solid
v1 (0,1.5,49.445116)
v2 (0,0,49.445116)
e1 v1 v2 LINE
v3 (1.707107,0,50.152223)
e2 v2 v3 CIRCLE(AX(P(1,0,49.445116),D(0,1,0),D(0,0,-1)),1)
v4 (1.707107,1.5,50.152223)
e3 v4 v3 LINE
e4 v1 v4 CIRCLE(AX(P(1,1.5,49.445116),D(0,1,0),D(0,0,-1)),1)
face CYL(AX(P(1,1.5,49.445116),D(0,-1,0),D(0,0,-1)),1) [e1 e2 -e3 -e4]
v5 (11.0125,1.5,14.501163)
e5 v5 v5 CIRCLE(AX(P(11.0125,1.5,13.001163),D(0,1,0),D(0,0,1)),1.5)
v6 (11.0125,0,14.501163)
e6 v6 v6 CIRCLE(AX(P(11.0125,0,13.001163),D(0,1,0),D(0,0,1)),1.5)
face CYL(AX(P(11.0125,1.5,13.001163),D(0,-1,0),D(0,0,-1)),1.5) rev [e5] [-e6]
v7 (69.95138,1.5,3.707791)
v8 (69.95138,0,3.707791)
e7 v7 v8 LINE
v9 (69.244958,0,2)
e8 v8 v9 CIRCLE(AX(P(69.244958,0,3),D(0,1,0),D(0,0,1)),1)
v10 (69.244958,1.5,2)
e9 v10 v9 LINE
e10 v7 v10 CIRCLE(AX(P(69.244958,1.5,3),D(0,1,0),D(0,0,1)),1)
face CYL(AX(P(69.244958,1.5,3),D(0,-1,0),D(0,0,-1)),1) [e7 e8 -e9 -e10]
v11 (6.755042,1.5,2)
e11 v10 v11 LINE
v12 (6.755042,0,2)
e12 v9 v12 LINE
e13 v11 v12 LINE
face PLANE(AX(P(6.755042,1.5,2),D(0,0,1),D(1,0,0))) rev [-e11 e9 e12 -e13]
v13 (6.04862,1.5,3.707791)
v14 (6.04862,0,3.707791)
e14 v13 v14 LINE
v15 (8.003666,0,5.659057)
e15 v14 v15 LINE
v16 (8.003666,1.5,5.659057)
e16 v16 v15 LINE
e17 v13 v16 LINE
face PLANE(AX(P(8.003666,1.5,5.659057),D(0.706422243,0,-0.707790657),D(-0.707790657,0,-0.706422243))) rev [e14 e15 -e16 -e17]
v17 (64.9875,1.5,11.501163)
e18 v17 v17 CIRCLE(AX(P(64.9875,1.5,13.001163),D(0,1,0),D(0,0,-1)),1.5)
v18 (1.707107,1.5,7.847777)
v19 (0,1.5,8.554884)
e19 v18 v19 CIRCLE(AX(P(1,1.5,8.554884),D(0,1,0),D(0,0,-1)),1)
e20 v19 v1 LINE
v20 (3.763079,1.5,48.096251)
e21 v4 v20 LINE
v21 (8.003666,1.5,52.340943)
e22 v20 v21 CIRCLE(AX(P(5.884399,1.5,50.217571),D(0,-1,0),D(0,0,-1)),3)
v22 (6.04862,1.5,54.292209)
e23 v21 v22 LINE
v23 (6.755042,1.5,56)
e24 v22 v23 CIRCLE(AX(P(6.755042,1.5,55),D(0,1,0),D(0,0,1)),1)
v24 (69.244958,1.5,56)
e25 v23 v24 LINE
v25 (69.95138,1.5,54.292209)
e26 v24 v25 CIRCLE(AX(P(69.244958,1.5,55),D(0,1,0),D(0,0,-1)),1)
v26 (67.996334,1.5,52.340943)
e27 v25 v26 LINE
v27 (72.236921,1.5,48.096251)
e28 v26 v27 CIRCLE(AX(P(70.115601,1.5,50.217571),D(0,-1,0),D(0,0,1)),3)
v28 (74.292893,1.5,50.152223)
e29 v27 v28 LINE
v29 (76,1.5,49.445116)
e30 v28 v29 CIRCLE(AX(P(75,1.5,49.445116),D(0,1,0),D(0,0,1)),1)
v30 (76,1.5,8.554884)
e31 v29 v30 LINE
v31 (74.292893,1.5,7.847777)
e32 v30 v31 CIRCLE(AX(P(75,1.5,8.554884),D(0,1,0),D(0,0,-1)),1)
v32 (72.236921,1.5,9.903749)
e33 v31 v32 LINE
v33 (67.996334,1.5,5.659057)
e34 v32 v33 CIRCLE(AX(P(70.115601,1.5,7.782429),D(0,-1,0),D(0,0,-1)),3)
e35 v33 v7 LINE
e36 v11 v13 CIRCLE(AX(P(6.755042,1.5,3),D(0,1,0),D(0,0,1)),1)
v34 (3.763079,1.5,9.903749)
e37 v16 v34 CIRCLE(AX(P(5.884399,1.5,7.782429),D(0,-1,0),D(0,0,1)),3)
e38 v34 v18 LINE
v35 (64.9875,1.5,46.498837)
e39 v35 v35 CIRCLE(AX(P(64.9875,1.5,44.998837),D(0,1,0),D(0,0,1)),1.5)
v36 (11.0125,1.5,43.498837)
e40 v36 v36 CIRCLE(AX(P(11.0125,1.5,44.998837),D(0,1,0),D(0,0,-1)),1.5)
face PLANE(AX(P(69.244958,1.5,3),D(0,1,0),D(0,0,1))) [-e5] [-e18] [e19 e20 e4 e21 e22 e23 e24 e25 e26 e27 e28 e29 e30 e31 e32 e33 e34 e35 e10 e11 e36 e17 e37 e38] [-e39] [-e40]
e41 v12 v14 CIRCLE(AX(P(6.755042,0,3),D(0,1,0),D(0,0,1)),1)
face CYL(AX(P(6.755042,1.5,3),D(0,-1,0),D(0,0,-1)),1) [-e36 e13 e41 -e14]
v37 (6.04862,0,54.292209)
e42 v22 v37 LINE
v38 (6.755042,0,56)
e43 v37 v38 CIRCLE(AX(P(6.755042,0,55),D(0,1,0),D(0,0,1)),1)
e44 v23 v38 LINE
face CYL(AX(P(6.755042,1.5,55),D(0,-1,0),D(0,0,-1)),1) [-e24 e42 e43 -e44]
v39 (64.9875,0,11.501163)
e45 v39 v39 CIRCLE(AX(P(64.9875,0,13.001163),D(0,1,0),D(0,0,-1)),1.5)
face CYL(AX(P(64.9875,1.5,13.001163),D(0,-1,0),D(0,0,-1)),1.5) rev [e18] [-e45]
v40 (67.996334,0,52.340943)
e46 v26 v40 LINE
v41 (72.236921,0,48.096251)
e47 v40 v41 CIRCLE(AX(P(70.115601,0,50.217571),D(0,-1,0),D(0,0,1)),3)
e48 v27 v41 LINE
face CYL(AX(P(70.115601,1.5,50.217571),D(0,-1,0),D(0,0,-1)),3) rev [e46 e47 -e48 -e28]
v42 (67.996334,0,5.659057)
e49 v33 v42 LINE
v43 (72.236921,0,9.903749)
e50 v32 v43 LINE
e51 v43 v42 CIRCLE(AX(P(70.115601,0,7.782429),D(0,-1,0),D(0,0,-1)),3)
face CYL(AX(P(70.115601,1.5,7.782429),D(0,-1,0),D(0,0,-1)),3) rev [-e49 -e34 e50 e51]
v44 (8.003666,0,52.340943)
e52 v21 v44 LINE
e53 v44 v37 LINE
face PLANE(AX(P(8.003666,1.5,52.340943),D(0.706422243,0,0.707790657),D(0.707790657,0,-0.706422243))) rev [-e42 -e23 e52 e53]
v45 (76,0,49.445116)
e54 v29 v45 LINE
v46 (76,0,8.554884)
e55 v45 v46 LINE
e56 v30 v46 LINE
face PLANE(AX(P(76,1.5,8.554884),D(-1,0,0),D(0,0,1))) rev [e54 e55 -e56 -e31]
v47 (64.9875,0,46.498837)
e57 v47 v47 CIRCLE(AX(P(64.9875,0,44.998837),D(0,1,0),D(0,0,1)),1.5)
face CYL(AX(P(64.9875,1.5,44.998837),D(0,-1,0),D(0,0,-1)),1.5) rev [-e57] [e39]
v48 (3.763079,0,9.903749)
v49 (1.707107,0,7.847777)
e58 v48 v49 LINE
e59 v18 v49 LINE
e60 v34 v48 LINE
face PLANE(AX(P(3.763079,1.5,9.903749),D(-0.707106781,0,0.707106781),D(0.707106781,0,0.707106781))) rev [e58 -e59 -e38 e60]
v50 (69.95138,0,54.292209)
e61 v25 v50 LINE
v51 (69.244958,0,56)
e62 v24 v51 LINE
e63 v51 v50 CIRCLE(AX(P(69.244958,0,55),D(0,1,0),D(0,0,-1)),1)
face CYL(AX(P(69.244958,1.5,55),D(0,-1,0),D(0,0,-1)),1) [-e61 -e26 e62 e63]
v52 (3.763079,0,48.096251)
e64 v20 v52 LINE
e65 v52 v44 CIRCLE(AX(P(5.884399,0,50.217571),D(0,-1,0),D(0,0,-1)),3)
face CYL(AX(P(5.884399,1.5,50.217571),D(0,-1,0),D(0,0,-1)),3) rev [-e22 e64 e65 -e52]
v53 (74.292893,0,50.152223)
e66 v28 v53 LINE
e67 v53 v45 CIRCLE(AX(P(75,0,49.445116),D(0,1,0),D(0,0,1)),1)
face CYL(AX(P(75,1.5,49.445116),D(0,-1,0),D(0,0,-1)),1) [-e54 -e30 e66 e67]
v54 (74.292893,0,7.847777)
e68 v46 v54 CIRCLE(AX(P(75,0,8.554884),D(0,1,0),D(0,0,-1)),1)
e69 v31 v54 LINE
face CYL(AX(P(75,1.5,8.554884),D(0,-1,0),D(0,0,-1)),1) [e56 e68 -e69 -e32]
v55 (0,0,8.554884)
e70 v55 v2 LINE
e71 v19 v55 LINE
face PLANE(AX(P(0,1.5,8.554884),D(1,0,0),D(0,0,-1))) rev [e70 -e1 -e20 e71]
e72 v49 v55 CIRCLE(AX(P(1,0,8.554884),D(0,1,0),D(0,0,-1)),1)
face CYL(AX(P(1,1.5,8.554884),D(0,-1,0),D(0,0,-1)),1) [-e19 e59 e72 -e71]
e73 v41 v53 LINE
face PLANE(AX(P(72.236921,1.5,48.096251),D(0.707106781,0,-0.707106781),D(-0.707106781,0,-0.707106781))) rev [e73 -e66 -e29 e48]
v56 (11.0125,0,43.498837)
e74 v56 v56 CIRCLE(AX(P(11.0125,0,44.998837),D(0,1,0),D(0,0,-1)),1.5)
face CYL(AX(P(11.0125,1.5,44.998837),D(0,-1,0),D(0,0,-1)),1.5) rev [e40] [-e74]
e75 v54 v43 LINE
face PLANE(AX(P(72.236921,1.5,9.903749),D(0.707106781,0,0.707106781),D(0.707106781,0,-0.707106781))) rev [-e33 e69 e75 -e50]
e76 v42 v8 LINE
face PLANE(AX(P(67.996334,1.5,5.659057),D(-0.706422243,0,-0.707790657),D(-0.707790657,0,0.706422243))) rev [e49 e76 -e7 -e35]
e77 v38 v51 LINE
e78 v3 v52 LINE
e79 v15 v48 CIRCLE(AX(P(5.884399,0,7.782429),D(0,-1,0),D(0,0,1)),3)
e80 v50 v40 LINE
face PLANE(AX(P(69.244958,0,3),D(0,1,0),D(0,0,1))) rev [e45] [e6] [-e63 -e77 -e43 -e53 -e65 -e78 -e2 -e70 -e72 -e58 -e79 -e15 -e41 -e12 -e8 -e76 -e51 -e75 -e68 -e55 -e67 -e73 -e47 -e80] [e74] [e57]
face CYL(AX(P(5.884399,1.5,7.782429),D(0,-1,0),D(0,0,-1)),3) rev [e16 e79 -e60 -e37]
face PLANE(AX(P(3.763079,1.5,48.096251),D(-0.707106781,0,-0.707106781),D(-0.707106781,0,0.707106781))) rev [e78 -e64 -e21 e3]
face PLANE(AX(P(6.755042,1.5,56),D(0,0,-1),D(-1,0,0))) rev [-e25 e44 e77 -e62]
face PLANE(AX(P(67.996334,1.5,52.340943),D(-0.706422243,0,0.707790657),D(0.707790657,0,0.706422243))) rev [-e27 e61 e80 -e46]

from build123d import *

# Parameters (mm, degrees)
SKETCH1_R           = 1.5
BOSS_EXTRUDE1_DEPTH = 1.5


with BuildPart() as part:
    # Sketch1 → Boss-Extrude1 (new body)
    with BuildSketch(Plane(origin=(0, 0, 0), x_dir=(1, 0, 0), z_dir=(0, 1, 0))):
        with BuildLine():
            Line((6.755042478, -2), (69.244957522, -2))
            ThreePointArc((69.244957522, -2), (70.169022091, -2.617763592), (69.951379765, -3.707790657))
            Line((69.951379765, -3.707790657), (67.996333944, -5.65905667))
            ThreePointArc((67.996333944, -5.65905667), (67.993254266, -9.902722426), (72.236921016, -9.903748986))
            Line((72.236921016, -9.903748986), (74.292893219, -7.847776783))
            ThreePointArc((74.292893219, -7.847776783), (75.382683432, -7.631004031), (76, -8.554883564))
            Line((76, -8.554883564), (76, -49.445116436))
            ThreePointArc((76, -49.445116436), (75.382683432, -50.368995969), (74.292893219, -50.152223217))
            Line((74.292893219, -50.152223217), (72.236921016, -48.096251014))
            ThreePointArc((72.236921016, -48.096251014), (67.993254266, -48.097277574), (67.996333944, -52.34094333))
            Line((67.996333944, -52.34094333), (69.951379765, -54.292209343))
            ThreePointArc((69.951379765, -54.292209343), (70.169022091, -55.382236408), (69.244957522, -56))
            Line((69.244957522, -56), (6.755042478, -56))
            ThreePointArc((6.755042478, -56), (5.830977909, -55.382236408), (6.048620235, -54.292209343))
            Line((6.048620235, -54.292209343), (8.003666056, -52.34094333))
            ThreePointArc((8.003666056, -52.34094333), (8.006745734, -48.097277574), (3.763078984, -48.096251014))
            Line((3.763078984, -48.096251014), (1.707106781, -50.152223217))
            ThreePointArc((1.707106781, -50.152223217), (0.617316568, -50.368995969), (0, -49.445116436))
            Line((0, -49.445116436), (0, -8.554883564))
            ThreePointArc((0, -8.554883564), (0.617316568, -7.631004031), (1.707106781, -7.847776783))
            Line((1.707106781, -7.847776783), (3.763078984, -9.903748986))
            ThreePointArc((3.763078984, -9.903748986), (8.006745734, -9.902722426), (8.003666056, -5.65905667))
            Line((8.003666056, -5.65905667), (6.048620235, -3.707790657))
            ThreePointArc((6.048620235, -3.707790657), (5.830977909, -2.617763592), (6.755042478, -2))
        make_face()
        with Locations(Location((11.0125, -13.001163208, 0), (0, 0, 270))):
            Circle(SKETCH1_R, mode=Mode.SUBTRACT)
        with Locations(Location((64.9875, -13.001163208, 0), (0, 0, 90))):
            Circle(SKETCH1_R, mode=Mode.SUBTRACT)
        with Locations(Location((64.9875, -44.998836792, 0), (0, 0, 270))):
            Circle(SKETCH1_R, mode=Mode.SUBTRACT)
        with Locations(Location((11.0125, -44.998836792, 0), (0, 0, 90))):
            Circle(SKETCH1_R, mode=Mode.SUBTRACT)
    extrude(amount=BOSS_EXTRUDE1_DEPTH)


solid = part.part
